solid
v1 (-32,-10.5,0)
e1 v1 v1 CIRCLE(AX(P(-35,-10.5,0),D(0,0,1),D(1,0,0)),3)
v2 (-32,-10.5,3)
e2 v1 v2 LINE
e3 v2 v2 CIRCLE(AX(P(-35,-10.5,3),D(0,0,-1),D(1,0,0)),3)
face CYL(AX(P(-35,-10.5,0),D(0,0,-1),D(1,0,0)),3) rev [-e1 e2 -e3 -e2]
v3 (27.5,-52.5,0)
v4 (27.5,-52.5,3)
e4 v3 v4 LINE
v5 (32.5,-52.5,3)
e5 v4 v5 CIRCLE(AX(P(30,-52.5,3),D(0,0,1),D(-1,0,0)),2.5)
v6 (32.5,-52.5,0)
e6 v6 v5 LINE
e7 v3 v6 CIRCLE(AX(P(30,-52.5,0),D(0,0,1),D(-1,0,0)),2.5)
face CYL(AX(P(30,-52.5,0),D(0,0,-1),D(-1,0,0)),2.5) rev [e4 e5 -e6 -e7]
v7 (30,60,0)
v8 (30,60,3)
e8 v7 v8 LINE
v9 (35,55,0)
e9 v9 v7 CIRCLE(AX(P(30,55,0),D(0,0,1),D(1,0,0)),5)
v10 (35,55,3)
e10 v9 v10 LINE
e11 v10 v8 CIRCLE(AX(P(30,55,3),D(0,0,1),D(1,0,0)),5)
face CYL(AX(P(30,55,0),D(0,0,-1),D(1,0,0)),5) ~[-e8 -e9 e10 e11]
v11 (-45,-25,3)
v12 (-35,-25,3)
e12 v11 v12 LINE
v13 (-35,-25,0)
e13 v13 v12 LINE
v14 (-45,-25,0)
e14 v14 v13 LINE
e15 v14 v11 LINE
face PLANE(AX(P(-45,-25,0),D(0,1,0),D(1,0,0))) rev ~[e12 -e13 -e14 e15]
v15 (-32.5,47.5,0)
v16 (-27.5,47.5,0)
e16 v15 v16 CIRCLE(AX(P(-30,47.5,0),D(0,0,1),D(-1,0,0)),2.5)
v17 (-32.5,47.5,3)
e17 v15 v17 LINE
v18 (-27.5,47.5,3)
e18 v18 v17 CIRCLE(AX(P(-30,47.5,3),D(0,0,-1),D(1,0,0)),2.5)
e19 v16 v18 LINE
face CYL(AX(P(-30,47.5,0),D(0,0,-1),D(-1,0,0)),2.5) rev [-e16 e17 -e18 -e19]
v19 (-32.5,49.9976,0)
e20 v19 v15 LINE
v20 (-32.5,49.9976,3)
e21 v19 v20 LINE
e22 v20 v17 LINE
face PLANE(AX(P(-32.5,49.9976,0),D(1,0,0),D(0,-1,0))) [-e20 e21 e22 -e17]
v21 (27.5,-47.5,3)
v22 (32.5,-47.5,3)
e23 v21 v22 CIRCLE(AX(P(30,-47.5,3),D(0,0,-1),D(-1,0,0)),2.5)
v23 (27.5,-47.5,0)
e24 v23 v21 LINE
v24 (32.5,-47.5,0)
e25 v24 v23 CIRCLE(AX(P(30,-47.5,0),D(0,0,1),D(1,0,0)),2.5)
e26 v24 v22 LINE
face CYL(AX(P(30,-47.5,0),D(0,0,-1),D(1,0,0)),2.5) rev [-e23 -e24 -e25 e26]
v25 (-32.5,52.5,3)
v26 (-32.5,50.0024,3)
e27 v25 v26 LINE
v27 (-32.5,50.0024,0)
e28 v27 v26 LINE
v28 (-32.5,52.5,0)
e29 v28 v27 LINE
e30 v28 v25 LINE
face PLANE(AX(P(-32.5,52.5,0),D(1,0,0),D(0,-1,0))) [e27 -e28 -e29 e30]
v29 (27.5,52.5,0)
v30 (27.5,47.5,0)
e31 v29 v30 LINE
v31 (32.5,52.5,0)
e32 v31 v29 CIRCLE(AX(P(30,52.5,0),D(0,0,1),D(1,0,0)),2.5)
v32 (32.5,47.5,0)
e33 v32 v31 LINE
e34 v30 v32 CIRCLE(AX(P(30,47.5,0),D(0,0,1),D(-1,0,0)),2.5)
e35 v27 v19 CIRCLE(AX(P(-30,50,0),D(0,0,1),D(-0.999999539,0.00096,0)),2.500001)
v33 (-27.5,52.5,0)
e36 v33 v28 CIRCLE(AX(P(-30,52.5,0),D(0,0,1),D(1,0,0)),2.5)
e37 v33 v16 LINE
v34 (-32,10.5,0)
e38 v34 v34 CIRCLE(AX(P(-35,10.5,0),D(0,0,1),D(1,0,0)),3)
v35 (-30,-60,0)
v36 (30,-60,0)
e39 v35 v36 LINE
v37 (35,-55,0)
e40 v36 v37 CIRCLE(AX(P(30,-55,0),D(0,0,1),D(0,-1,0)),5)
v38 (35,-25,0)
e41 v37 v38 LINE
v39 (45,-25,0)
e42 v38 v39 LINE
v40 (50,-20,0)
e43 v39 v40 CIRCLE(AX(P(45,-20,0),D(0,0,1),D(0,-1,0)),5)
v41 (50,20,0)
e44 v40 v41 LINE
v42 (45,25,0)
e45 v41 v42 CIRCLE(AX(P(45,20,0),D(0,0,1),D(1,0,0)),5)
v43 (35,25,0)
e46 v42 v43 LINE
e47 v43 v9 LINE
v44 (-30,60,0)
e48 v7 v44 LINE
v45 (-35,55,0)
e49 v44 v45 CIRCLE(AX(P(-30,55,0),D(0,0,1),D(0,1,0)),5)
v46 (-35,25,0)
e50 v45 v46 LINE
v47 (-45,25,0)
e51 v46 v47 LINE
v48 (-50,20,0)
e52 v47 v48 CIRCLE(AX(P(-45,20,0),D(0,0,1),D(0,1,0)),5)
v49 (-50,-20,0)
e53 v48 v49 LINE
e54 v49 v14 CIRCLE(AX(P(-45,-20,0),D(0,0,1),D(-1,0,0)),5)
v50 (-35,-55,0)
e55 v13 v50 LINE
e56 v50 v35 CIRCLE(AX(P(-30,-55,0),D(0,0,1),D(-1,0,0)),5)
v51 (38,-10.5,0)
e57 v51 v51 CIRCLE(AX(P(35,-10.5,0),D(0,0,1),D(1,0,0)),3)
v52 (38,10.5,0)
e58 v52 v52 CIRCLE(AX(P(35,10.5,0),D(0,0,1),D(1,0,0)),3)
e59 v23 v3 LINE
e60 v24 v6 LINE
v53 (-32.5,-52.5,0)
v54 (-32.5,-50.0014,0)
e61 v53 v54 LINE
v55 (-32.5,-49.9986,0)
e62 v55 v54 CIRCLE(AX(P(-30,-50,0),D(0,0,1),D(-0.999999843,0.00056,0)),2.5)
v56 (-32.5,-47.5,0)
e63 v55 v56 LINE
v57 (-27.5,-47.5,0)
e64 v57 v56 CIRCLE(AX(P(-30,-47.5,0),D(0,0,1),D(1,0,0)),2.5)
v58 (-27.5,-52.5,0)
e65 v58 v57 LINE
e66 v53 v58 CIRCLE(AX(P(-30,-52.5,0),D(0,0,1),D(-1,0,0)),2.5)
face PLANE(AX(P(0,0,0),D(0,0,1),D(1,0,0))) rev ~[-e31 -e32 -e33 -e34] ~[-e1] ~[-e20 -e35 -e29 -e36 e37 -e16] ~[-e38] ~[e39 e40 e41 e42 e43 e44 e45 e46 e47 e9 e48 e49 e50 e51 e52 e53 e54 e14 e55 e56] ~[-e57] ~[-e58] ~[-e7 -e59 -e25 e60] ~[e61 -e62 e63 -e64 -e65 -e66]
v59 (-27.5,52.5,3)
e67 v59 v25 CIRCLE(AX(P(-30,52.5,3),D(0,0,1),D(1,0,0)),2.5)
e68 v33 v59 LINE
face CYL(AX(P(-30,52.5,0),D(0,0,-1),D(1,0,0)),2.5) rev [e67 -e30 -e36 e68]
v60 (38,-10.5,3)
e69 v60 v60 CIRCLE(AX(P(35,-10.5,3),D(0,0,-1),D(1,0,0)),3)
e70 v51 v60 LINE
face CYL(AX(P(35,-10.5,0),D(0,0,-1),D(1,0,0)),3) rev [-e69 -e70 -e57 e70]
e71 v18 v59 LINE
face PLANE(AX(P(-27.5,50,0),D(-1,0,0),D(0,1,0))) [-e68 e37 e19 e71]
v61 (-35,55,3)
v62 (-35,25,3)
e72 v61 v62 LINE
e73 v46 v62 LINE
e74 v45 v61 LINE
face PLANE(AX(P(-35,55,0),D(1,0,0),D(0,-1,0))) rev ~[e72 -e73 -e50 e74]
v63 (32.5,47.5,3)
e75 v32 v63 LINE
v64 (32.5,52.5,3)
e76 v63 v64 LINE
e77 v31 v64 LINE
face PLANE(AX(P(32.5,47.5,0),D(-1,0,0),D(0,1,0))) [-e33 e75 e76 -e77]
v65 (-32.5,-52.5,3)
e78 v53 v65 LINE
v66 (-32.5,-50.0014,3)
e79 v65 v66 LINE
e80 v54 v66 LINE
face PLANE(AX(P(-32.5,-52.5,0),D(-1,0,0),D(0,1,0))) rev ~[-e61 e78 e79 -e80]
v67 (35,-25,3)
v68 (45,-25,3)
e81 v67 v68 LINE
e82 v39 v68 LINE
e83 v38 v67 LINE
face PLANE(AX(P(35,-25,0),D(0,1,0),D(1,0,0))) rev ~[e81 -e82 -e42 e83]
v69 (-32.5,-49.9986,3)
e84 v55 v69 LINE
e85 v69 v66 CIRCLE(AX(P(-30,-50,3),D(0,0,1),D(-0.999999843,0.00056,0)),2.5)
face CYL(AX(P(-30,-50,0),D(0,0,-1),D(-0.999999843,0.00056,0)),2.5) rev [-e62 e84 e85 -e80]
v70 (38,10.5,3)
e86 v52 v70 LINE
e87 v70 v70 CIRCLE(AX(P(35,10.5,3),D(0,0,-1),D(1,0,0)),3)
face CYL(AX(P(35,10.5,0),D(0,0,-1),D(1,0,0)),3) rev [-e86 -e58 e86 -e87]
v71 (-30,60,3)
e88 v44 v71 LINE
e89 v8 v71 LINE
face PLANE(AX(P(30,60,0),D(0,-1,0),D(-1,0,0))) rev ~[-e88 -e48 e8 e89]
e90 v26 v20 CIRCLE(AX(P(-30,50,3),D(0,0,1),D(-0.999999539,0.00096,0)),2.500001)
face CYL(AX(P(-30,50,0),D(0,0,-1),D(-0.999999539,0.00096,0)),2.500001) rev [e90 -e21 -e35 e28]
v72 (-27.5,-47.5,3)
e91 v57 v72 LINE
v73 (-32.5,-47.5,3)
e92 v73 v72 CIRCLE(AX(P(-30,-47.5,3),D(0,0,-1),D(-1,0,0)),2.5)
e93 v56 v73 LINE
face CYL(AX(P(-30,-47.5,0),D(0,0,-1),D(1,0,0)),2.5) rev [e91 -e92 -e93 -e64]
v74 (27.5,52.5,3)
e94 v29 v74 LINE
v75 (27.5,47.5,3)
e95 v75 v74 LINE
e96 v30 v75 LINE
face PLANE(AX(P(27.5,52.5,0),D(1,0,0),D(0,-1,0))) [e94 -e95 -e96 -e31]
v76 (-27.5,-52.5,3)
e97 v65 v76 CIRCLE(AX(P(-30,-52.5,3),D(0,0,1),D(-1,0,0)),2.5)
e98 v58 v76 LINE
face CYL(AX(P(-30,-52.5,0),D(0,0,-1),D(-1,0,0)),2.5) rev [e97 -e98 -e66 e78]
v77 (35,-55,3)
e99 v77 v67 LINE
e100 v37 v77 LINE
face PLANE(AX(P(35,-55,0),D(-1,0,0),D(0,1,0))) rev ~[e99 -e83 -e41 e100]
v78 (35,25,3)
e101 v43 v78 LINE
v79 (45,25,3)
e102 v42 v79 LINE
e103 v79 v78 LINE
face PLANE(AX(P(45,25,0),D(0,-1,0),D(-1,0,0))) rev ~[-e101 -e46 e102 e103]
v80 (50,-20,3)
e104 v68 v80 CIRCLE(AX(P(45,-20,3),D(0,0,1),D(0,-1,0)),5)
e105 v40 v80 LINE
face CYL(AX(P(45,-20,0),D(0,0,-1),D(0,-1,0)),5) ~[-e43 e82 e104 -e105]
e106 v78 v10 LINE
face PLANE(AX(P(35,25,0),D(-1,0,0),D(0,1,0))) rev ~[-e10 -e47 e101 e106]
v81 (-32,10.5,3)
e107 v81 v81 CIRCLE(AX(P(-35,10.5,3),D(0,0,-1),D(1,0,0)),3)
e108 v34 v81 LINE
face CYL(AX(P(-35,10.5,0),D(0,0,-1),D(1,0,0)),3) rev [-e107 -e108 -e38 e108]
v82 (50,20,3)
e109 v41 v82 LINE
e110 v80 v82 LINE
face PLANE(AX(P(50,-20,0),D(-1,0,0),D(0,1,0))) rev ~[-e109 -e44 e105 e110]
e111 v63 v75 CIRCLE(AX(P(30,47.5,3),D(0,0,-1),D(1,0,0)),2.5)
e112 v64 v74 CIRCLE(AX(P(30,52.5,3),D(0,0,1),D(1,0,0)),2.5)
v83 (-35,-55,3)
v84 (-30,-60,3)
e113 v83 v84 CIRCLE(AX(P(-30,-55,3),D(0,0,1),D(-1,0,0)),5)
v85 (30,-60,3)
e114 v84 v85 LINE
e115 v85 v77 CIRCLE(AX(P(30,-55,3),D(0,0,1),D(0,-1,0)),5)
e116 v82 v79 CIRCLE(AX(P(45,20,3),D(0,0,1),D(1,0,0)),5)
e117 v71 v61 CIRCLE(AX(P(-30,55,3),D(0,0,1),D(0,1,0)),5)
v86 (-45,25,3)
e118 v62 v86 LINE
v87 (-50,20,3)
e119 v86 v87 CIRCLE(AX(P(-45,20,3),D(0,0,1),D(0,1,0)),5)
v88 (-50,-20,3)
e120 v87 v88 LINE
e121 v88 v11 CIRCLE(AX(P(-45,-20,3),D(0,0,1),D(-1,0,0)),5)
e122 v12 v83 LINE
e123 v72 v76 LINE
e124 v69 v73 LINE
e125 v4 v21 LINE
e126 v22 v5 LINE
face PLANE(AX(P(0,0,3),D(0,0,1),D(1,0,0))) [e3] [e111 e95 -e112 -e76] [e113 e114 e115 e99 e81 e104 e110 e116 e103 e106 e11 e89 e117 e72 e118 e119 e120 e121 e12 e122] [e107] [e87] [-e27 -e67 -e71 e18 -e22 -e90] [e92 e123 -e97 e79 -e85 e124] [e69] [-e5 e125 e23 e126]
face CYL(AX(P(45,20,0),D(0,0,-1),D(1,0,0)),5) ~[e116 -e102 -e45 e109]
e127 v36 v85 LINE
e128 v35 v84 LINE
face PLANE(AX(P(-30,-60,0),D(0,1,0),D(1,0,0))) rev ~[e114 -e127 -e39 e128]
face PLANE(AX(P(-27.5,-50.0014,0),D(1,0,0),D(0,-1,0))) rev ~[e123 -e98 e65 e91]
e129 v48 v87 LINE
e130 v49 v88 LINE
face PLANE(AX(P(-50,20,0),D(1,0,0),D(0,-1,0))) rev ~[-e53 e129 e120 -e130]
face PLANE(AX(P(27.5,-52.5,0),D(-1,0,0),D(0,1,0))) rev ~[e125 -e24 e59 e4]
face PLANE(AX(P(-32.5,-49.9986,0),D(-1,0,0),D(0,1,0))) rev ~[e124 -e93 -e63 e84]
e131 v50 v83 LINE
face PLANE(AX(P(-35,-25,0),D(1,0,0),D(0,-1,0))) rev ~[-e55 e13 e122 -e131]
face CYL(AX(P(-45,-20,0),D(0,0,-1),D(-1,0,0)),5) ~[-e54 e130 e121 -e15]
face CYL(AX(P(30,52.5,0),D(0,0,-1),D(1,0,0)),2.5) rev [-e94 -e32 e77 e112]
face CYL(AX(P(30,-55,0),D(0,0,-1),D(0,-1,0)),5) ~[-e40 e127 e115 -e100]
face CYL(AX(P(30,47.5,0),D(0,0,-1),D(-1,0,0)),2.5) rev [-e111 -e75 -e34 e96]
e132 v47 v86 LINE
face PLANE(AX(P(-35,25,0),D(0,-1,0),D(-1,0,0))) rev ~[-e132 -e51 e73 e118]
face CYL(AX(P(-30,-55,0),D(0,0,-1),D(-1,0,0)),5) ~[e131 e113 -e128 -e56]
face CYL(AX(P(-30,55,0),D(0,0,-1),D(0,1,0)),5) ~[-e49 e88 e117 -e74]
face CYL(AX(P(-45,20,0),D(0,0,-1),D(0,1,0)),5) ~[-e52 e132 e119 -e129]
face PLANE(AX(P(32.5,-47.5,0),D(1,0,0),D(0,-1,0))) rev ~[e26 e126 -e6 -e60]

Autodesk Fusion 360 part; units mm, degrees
sketch "Sketch1" plane through (0, 0, 0) normal (0, 0, 1) x (1, 0, 0)
  line L0 (30, 50) -> (-30, 50)
  line L1 (-30, 50) -> (-30, -50)
  line L2 (-30, -50) -> (30, -50)
  line L3 (30, -50) -> (30, 50)
  line L4 (30, 50) -> (-30, -50) construction
  line L5 (-30, 50) -> (30, -50) construction
  line L6 (45, 25) -> (-45, 25)
  line L7 (-50, 20) -> (-50, -20)
  line L8 (-45, -25) -> (45, -25)
  line L9 (50, -20) -> (50, 20)
  line L10 (50, 25) -> (-50, -25) construction
  line L11 (-50, 25) -> (50, -25) construction
  line L12 (35, 10.5) -> (-35, 10.5) construction
  line L13 (-35, 10.5) -> (-35, -10.5) construction
  line L14 (-35, -10.5) -> (35, -10.5) construction
  line L15 (35, -10.5) -> (35, 10.5) construction
  line L16 (35, 10.5) -> (-35, -10.5) construction
  line L17 (-35, 10.5) -> (35, -10.5) construction
  circle A0 centre (-35, 10.5) radius 3
  circle A1 centre (-35, -10.5) radius 3
  circle A2 centre (35, 10.5) radius 3
  circle A3 centre (35, -10.5) radius 3
  line L18 (-27.5, 47.5) -> (-27.5, 52.5)
  arc A4 (-27.5, 52.5) -> (-32.5, 52.5) centre (-30, 52.5) ccw
  line L19 (-32.5, 52.5) -> (-32.5, 47.5)
  arc A5 (-32.5, 47.5) -> (-27.5, 47.5) centre (-30, 47.5) ccw
  line L20 (-30, 47.5) -> (-30, 52.5) construction
  line L21 (32.5, 47.5) -> (32.5, 52.5)
  arc A6 (32.5, 52.5) -> (27.5, 52.5) centre (30, 52.5) ccw
  line L22 (27.5, 52.5) -> (27.5, 47.5)
  arc A7 (27.5, 47.5) -> (32.5, 47.5) centre (30, 47.5) ccw
  line L23 (30, 47.5) -> (30, 52.5) construction
  line L24 (-70, 0) -> (55, 0) construction
  arc A8 (-32.5, -52.5) -> (-27.5, -52.5) centre (-30, -52.5) ccw
  line L25 (-32.5, -52.5) -> (-32.5, -47.5)
  line L26 (-27.5, -47.5) -> (-27.5, -52.5)
  arc A9 (-27.5, -47.5) -> (-32.5, -47.5) centre (-30, -47.5) ccw
  arc A10 (32.5, -47.5) -> (27.5, -47.5) centre (30, -47.5) ccw
  arc A11 (27.5, -52.5) -> (32.5, -52.5) centre (30, -52.5) ccw
  line L27 (27.5, -52.5) -> (27.5, -47.5)
  line L28 (32.5, -47.5) -> (32.5, -52.5)
  line L29 (30, 60) -> (-30, 60)
  line L30 (-35, 55) -> (-35, -55)
  line L31 (-30, -60) -> (30, -60)
  line L32 (35, -55) -> (35, 55)
  line L33 (35, 60) -> (-35, -60) construction
  line L34 (-35, 60) -> (35, -60) construction
  arc A12 (-30, 60) -> (-35, 55) centre (-30, 55) ccw
  arc A13 (35, 55) -> (30, 60) centre (30, 55) ccw
  arc A14 (-35, -55) -> (-30, -60) centre (-30, -55) ccw
  arc A15 (30, -60) -> (35, -55) centre (30, -55) ccw
  arc A16 (-27.5, -50.0014) -> (-27.5, -49.9986) centre (-30, -50) ccw
  arc A17 (-32.5, -49.9986) -> (-32.5, -50.0014) centre (-30, -50) ccw
  arc A18 (-32.5, 50.0024) -> (-32.5, 49.9976) centre (-30, 50) ccw
  arc A19 (-27.5, 50) -> (-27.5, 50.0014) centre (-30, 50) ccw
  arc A20 (50, 20) -> (45, 25) centre (45, 20) ccw
  arc A21 (45, -25) -> (50, -20) centre (45, -20) ccw
  arc A22 (-50, -20) -> (-45, -25) centre (-45, -20) ccw
  arc A23 (-45, 25) -> (-50, 20) centre (-45, 20) ccw
  point P0 (-30, 50)
  point P1 (30, 50)
  dimension "d1" = 60
  dimension "d2" = 100
  dimension "d5" = 5
  dimension "d7" = 100
  dimension "d8" = 50
  dimension "d9" = 70
  dimension "d10" = 21
  dimension "d12" = 6
  dimension "d13" = 6
  dimension "d14" = 6
  dimension "d15" = 6
  dimension "d16" = 5
  dimension "d17" = 70
  dimension "d18" = 120
  dimension "d19" = 5
  dimension "d20" = 5
extrude "Extrude1" add sketch "Sketch1" along normal blind 3 contours L0 L1 L3 L6 L18 A4 L19 A5 L21 A6 L22 A7 L29 L30 L32 A12 A13 A18 A19 | L0 L1 L3 L6 L18 A5 L22 A7 | L1 L3 L6 L8 | L1 L6 L8 A0 A1 L30 | L3 L6 L8 A2 A3 L32 | L1 L2 L3 L8 L26 A9 A10 L27 | L1 L2 L3 L8 A8 L25 L26 A9 A10 A11 L27 L28 L30 L31 L32 A14 A15 A17 | L6 L7 L8 A0 A1 L30 A22 A23 | L6 L8 L9 A2 A3 L32 A20 A21
sketch "dfx_export" plane through (0, 0, 3) normal (0, 0, 1) x (1, 0, 0)
  arc A0 (-27.5, -47.5) -> (-32.5, -47.5) centre (-30, -47.5) ccw
  line L0 (-27.5, -47.5) -> (-27.5, -49.9986)
  arc A1 (-27.5, -50.0014) -> (-27.5, -49.9986) centre (-30, -50) ccw
  line L1 (-27.5, -50.0014) -> (-27.5, -52.5)
  arc A2 (-32.5, -52.5) -> (-27.5, -52.5) centre (-30, -52.5) ccw
  line L2 (-32.5, -52.5) -> (-32.5, -50.0014)
  arc A3 (-32.5, -49.9986) -> (-32.5, -50.0014) centre (-30, -50) ccw
  line L3 (-32.5, -49.9986) -> (-32.5, -47.5)
  arc A4 (27.5, 47.5) -> (32.5, 47.5) centre (30, 47.5) ccw
  line L4 (27.5, 47.5) -> (27.5, 52.5)
  arc A5 (32.5, 52.5) -> (27.5, 52.5) centre (30, 52.5) ccw
  line L5 (32.5, 52.5) -> (32.5, 47.5)
  arc A6 (-27.5, 50) -> (-27.5, 50.0014) centre (-30, 50) ccw
  line L6 (-27.5, 50) -> (-27.5, 47.5)
  arc A7 (-32.5, 47.5) -> (-27.5, 47.5) centre (-30, 47.5) ccw
  line L7 (-32.5, 47.5) -> (-32.5, 49.9976)
  arc A8 (-32.5, 50.0024) -> (-32.5, 49.9976) centre (-30, 50) ccw
  line L8 (-32.5, 50.0024) -> (-32.5, 52.5)
  arc A9 (-27.5, 52.5) -> (-32.5, 52.5) centre (-30, 52.5) ccw
  line L9 (-27.5, 52.5) -> (-27.5, 50.0014)
  arc A10 (27.5, -52.5) -> (32.5, -52.5) centre (30, -52.5) ccw
  line L10 (27.5, -52.5) -> (27.5, -47.5)
  arc A11 (32.5, -47.5) -> (27.5, -47.5) centre (30, -47.5) ccw
  line L11 (32.5, -47.5) -> (32.5, -52.5)
  circle A12 centre (35, -10.5) radius 3
  circle A13 centre (35, 10.5) radius 3
  circle A14 centre (-35, 10.5) radius 3
  circle A15 centre (-35, -10.5) radius 3
  arc A16 (-45, 25) -> (-50, 20) centre (-45, 20) ccw
  line L12 (-50, 20) -> (-50, -20)
  arc A17 (-50, -20) -> (-45, -25) centre (-45, -20) ccw
  line L13 (-45, -25) -> (-35, -25)
  line L14 (-35, -25) -> (-35, -55)
  arc A18 (-35, -55) -> (-30, -60) centre (-30, -55) ccw
  line L15 (-30, -60) -> (30, -60)
  arc A19 (30, -60) -> (35, -55) centre (30, -55) ccw
  line L16 (35, -55) -> (35, -25)
  line L17 (35, -25) -> (45, -25)
  arc A20 (45, -25) -> (50, -20) centre (45, -20) ccw
  line L18 (50, -20) -> (50, 20)
  arc A21 (50, 20) -> (45, 25) centre (45, 20) ccw
  line L19 (45, 25) -> (35, 25)
  line L20 (35, 25) -> (35, 55)
  arc A22 (35, 55) -> (30, 60) centre (30, 55) ccw
  line L21 (30, 60) -> (-30, 60)
  arc A23 (-30, 60) -> (-35, 55) centre (-30, 55) ccw
  line L22 (-35, 55) -> (-35, 25)
  line L23 (-35, 25) -> (-45, 25)
